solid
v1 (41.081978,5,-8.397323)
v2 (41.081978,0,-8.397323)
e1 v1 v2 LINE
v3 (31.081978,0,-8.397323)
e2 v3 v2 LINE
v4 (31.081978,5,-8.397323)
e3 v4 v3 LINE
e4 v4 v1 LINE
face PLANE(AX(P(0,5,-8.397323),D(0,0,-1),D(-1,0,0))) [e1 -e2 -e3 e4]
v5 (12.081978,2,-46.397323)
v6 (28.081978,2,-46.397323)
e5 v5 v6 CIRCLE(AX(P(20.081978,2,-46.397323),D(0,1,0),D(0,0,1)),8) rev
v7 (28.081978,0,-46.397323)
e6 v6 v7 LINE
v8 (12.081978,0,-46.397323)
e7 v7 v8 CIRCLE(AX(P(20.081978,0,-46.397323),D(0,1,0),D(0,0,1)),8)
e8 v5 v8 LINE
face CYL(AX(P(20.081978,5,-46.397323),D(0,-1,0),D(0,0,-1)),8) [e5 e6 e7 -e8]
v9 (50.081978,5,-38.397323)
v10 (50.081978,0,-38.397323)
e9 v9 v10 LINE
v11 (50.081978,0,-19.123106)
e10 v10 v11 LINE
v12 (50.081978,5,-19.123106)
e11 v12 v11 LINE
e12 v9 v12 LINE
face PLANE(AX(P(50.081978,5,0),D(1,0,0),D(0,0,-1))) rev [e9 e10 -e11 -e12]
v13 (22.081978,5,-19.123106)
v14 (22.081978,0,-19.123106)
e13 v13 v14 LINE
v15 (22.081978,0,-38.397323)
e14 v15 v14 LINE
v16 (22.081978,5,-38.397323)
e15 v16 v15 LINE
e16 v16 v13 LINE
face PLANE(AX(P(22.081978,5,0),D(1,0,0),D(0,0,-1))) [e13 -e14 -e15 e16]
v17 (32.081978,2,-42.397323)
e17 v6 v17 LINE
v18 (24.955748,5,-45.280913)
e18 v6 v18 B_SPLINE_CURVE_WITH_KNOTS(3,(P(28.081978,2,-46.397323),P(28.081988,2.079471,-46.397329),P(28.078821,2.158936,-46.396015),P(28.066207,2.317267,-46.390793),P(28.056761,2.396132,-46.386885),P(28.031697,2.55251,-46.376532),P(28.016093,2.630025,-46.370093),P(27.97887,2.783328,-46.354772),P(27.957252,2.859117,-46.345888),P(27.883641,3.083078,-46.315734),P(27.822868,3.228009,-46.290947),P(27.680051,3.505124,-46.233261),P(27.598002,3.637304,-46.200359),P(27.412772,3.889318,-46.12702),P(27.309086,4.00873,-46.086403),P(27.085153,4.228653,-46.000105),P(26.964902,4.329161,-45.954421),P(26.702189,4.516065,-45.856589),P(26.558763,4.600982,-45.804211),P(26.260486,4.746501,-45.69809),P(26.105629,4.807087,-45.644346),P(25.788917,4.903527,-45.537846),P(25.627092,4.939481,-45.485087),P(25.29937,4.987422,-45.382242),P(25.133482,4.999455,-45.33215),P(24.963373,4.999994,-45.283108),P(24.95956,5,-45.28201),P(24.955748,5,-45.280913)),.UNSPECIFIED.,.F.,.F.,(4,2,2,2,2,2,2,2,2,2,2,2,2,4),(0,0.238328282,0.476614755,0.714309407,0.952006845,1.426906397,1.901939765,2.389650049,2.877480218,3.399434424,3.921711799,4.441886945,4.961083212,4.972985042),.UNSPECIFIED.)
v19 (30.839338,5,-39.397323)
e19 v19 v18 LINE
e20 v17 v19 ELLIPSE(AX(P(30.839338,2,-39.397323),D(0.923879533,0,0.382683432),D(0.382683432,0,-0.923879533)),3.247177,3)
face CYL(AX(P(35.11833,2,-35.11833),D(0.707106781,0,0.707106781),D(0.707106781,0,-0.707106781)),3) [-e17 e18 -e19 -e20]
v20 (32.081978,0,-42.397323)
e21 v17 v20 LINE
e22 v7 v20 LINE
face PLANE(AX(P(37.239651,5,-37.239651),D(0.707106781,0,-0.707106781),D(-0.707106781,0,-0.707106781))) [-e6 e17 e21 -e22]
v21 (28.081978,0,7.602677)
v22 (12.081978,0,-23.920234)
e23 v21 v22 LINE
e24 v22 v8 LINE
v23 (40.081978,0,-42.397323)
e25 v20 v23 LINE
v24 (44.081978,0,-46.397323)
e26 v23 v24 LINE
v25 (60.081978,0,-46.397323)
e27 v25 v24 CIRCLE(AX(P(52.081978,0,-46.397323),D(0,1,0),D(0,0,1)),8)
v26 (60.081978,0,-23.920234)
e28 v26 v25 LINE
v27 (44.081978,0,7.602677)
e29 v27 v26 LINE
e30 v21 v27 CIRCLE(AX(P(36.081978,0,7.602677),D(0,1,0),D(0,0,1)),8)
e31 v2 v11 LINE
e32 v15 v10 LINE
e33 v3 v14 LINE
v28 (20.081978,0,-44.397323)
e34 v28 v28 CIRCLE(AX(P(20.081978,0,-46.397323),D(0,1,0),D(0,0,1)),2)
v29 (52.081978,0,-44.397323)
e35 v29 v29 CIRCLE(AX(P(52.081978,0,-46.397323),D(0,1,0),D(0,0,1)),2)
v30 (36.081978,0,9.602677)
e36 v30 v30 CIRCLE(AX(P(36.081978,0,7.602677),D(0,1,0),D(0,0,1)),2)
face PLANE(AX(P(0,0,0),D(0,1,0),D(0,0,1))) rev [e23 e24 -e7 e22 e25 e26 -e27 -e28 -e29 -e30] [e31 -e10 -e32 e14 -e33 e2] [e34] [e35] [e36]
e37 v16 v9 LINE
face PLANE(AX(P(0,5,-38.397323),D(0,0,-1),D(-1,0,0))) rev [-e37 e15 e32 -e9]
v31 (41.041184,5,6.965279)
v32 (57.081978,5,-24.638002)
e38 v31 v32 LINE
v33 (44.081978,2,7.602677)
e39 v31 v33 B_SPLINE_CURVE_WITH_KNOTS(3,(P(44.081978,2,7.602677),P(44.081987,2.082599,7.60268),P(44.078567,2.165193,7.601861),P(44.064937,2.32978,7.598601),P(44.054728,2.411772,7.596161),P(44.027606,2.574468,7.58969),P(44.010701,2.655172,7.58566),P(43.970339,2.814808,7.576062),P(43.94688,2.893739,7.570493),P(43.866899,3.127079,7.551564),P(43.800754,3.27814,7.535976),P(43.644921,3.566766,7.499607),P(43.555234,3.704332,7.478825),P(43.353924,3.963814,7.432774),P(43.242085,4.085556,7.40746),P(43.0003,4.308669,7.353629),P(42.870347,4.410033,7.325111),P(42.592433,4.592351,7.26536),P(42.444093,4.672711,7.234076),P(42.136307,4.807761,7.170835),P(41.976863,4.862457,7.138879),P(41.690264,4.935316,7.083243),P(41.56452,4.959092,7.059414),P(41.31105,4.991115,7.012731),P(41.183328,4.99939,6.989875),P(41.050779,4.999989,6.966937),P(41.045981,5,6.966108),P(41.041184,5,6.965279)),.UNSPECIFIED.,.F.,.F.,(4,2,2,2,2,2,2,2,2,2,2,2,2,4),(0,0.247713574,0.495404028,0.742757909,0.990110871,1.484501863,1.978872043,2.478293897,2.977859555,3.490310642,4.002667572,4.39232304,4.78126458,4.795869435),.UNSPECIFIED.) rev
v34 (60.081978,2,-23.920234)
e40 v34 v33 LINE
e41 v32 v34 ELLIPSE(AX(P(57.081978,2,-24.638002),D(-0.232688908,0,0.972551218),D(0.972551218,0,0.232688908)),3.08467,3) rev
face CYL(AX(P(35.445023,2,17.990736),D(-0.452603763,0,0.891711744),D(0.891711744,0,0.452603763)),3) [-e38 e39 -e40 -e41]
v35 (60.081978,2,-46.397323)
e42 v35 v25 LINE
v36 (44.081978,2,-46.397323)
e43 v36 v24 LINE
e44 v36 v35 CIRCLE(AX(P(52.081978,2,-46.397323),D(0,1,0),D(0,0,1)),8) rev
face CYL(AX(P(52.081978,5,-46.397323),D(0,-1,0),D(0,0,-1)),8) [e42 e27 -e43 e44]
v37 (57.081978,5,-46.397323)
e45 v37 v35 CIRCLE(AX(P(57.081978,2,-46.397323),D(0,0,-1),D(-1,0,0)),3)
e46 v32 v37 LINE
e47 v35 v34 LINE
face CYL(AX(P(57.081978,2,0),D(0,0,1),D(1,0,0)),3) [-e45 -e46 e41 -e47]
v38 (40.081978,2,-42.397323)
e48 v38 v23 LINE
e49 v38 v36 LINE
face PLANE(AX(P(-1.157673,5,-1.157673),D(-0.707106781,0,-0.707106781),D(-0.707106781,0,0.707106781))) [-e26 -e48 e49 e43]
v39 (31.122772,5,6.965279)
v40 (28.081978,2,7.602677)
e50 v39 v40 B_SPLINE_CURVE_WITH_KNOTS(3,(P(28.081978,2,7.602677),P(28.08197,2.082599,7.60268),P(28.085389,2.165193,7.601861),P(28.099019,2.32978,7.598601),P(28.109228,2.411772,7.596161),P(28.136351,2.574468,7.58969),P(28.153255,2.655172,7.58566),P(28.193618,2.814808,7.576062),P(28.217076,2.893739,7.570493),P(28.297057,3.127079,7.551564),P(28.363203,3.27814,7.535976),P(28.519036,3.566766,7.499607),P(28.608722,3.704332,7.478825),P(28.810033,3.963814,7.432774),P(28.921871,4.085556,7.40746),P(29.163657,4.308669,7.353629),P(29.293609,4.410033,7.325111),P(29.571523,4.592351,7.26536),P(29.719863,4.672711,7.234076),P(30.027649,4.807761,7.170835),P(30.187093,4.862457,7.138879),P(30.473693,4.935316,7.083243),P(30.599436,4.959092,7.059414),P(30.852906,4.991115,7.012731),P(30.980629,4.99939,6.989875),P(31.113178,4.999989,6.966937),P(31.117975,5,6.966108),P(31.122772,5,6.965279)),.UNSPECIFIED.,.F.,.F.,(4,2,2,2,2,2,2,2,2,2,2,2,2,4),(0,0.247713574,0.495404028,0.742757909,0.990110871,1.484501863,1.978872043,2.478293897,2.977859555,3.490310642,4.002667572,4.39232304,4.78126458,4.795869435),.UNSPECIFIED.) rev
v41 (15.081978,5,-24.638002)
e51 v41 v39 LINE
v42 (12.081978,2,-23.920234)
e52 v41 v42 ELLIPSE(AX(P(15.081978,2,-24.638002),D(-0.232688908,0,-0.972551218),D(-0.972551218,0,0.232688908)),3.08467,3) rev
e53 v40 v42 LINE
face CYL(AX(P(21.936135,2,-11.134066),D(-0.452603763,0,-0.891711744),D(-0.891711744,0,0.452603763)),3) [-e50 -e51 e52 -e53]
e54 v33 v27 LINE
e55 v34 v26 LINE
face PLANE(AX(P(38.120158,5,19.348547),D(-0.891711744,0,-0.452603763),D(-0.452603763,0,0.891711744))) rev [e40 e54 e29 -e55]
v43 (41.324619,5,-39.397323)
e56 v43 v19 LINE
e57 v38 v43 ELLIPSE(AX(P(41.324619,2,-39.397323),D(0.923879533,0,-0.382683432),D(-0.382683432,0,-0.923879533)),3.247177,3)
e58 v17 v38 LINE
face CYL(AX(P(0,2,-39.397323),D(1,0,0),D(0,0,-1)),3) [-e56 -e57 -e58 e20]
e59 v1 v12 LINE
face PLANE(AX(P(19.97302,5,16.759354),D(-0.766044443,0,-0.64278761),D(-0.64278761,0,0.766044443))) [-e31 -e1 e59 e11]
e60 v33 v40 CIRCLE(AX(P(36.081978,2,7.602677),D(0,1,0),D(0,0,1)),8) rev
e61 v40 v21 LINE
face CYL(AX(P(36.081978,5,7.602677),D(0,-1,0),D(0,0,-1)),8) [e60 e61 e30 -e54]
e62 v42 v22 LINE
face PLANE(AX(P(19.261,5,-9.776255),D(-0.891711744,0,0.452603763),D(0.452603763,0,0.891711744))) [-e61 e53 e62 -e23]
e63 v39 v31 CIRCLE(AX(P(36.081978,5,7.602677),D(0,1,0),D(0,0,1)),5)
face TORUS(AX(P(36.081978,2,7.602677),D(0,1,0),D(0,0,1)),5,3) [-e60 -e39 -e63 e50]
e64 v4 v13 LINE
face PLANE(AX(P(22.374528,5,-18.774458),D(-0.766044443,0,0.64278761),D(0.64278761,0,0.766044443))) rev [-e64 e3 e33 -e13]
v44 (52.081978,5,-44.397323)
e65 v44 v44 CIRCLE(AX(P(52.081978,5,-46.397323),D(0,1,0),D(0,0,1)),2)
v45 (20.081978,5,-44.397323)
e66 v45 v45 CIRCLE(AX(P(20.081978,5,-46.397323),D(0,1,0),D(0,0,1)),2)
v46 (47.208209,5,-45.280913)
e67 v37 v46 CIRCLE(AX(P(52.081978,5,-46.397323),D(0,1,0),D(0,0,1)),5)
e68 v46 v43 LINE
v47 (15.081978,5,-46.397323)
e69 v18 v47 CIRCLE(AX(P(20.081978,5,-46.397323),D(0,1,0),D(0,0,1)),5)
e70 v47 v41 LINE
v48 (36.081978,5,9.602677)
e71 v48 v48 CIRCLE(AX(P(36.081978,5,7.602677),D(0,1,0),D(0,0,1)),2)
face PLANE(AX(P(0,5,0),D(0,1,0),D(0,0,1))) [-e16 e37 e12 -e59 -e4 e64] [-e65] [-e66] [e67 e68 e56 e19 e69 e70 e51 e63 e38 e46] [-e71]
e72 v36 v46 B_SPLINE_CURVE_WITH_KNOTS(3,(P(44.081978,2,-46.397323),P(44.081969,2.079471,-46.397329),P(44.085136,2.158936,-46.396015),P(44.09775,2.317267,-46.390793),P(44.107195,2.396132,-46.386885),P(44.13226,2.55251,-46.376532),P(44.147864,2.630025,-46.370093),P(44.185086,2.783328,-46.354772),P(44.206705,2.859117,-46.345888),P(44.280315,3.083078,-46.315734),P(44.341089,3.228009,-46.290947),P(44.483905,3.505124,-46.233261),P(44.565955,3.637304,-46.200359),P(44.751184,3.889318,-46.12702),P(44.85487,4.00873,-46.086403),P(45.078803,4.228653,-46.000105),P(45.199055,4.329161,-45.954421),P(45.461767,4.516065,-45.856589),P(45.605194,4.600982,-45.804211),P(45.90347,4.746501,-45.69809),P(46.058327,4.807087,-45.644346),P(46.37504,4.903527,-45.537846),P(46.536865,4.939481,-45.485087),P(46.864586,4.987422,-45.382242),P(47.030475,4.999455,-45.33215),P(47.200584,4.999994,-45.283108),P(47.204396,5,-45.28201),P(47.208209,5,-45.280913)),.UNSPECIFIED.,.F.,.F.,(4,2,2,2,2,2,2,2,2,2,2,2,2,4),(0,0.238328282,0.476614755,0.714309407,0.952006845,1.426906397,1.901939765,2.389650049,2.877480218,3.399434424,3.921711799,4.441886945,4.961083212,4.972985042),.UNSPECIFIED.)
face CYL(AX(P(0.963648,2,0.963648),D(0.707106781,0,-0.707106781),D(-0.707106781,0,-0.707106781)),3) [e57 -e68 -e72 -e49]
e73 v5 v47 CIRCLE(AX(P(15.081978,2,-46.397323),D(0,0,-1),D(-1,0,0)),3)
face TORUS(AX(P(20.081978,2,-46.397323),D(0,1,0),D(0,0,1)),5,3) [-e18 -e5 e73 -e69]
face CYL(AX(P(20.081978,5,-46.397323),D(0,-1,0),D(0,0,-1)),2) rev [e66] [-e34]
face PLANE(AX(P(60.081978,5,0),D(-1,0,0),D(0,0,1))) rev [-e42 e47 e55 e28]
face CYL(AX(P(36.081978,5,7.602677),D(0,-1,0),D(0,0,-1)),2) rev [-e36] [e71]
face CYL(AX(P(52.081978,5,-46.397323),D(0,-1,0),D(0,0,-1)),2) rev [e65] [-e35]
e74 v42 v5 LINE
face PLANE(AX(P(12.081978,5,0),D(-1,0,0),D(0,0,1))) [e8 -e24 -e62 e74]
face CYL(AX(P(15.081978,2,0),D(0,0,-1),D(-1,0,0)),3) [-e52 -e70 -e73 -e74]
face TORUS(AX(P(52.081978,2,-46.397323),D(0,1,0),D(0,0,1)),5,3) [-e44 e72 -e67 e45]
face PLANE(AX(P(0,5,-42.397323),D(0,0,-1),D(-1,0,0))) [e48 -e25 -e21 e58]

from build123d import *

# Parameters (mm, degrees)
SKETCH1_R           = 2
BOSS_EXTRUDE1_DEPTH = 5
FILLET2_R           = 3


with BuildPart() as part:
    # Sketch1 → Boss-Extrude1 (new body)
    with BuildSketch(Plane(origin=(0, 0, 0), x_dir=(1, 0, 0), z_dir=(0, 1, 0))):
        with BuildLine():
            Line((12.081978252, 23.920233872), (28.081978252, -7.602676631))
            ThreePointArc((28.081978252, -7.602676631), (36.081978252, -15.602676631), (44.081978252, -7.602676631))
            Line((44.081978252, -7.602676631), (60.081978252, 23.920233872))
            Line((60.081978252, 23.920233872), (60.081978252, 39.133054542))
            Line((60.081978252, 39.133054542), (60.081978252, 42.765188956))
            Line((60.081978252, 42.765188956), (60.081978252, 46.397323369))
            ThreePointArc((60.081978252, 46.397323369), (52.081978252, 54.397323369), (44.081978252, 46.397323369))
            Line((44.081978252, 46.397323369), (40.081978252, 42.397323369))
            Line((40.081978252, 42.397323369), (32.081978252, 42.397323369))
            Line((32.081978252, 42.397323369), (28.081978252, 46.397323369))
            ThreePointArc((28.081978252, 46.397323369), (20.081978252, 54.397323369), (12.081978252, 46.397323369))
            Line((12.081978252, 46.397323369), (12.081978252, 39.746064801))
            Line((12.081978252, 39.746064801), (12.081978252, 23.920233872))
        make_face()
        with Locations(Location((36.081978252, -7.602676631, 0), (0, 0, 270))):
            Circle(SKETCH1_R, mode=Mode.SUBTRACT)
        Polygon((22.081978252, 19.123105702), (22.081978252, 38.397323369), (50.081978252, 38.397323369), (50.081978252, 19.123105702), (41.081978252, 8.397323369), (36.081978252, 8.397323369), (31.081978252, 8.397323369), align=None, mode=Mode.SUBTRACT)
        with Locations(Location((20.081978252, 46.397323369, 0), (0, 0, 270))):
            Circle(SKETCH1_R, mode=Mode.SUBTRACT)
        with Locations(Location((52.081978252, 46.397323369, 0), (0, 0, 270))):
            Circle(SKETCH1_R, mode=Mode.SUBTRACT)
    extrude(amount=BOSS_EXTRUDE1_DEPTH)

    # Fillet2
    fillet2_edges = [part.edges().sort_by_distance(p)[0] for p in [
        (12.081978252, 5, -35.158778621),
        (20.081978252, 5, -8.158778621),
        (36.081978252, 5, 15.602676631),
        (52.081978252, 5, -8.158778621),
        (60.081978252, 5, -35.158778621),
        (52.081978252, 5, -54.397323369),
        (42.081978252, 5, -44.397323369),
        (36.081978252, 5, -42.397323369),
        (30.081978252, 5, -44.397323369),
        (20.081978252, 5, -54.397323369),
    ]]
    fillet(fillet2_edges, radius=FILLET2_R)


solid = part.part
